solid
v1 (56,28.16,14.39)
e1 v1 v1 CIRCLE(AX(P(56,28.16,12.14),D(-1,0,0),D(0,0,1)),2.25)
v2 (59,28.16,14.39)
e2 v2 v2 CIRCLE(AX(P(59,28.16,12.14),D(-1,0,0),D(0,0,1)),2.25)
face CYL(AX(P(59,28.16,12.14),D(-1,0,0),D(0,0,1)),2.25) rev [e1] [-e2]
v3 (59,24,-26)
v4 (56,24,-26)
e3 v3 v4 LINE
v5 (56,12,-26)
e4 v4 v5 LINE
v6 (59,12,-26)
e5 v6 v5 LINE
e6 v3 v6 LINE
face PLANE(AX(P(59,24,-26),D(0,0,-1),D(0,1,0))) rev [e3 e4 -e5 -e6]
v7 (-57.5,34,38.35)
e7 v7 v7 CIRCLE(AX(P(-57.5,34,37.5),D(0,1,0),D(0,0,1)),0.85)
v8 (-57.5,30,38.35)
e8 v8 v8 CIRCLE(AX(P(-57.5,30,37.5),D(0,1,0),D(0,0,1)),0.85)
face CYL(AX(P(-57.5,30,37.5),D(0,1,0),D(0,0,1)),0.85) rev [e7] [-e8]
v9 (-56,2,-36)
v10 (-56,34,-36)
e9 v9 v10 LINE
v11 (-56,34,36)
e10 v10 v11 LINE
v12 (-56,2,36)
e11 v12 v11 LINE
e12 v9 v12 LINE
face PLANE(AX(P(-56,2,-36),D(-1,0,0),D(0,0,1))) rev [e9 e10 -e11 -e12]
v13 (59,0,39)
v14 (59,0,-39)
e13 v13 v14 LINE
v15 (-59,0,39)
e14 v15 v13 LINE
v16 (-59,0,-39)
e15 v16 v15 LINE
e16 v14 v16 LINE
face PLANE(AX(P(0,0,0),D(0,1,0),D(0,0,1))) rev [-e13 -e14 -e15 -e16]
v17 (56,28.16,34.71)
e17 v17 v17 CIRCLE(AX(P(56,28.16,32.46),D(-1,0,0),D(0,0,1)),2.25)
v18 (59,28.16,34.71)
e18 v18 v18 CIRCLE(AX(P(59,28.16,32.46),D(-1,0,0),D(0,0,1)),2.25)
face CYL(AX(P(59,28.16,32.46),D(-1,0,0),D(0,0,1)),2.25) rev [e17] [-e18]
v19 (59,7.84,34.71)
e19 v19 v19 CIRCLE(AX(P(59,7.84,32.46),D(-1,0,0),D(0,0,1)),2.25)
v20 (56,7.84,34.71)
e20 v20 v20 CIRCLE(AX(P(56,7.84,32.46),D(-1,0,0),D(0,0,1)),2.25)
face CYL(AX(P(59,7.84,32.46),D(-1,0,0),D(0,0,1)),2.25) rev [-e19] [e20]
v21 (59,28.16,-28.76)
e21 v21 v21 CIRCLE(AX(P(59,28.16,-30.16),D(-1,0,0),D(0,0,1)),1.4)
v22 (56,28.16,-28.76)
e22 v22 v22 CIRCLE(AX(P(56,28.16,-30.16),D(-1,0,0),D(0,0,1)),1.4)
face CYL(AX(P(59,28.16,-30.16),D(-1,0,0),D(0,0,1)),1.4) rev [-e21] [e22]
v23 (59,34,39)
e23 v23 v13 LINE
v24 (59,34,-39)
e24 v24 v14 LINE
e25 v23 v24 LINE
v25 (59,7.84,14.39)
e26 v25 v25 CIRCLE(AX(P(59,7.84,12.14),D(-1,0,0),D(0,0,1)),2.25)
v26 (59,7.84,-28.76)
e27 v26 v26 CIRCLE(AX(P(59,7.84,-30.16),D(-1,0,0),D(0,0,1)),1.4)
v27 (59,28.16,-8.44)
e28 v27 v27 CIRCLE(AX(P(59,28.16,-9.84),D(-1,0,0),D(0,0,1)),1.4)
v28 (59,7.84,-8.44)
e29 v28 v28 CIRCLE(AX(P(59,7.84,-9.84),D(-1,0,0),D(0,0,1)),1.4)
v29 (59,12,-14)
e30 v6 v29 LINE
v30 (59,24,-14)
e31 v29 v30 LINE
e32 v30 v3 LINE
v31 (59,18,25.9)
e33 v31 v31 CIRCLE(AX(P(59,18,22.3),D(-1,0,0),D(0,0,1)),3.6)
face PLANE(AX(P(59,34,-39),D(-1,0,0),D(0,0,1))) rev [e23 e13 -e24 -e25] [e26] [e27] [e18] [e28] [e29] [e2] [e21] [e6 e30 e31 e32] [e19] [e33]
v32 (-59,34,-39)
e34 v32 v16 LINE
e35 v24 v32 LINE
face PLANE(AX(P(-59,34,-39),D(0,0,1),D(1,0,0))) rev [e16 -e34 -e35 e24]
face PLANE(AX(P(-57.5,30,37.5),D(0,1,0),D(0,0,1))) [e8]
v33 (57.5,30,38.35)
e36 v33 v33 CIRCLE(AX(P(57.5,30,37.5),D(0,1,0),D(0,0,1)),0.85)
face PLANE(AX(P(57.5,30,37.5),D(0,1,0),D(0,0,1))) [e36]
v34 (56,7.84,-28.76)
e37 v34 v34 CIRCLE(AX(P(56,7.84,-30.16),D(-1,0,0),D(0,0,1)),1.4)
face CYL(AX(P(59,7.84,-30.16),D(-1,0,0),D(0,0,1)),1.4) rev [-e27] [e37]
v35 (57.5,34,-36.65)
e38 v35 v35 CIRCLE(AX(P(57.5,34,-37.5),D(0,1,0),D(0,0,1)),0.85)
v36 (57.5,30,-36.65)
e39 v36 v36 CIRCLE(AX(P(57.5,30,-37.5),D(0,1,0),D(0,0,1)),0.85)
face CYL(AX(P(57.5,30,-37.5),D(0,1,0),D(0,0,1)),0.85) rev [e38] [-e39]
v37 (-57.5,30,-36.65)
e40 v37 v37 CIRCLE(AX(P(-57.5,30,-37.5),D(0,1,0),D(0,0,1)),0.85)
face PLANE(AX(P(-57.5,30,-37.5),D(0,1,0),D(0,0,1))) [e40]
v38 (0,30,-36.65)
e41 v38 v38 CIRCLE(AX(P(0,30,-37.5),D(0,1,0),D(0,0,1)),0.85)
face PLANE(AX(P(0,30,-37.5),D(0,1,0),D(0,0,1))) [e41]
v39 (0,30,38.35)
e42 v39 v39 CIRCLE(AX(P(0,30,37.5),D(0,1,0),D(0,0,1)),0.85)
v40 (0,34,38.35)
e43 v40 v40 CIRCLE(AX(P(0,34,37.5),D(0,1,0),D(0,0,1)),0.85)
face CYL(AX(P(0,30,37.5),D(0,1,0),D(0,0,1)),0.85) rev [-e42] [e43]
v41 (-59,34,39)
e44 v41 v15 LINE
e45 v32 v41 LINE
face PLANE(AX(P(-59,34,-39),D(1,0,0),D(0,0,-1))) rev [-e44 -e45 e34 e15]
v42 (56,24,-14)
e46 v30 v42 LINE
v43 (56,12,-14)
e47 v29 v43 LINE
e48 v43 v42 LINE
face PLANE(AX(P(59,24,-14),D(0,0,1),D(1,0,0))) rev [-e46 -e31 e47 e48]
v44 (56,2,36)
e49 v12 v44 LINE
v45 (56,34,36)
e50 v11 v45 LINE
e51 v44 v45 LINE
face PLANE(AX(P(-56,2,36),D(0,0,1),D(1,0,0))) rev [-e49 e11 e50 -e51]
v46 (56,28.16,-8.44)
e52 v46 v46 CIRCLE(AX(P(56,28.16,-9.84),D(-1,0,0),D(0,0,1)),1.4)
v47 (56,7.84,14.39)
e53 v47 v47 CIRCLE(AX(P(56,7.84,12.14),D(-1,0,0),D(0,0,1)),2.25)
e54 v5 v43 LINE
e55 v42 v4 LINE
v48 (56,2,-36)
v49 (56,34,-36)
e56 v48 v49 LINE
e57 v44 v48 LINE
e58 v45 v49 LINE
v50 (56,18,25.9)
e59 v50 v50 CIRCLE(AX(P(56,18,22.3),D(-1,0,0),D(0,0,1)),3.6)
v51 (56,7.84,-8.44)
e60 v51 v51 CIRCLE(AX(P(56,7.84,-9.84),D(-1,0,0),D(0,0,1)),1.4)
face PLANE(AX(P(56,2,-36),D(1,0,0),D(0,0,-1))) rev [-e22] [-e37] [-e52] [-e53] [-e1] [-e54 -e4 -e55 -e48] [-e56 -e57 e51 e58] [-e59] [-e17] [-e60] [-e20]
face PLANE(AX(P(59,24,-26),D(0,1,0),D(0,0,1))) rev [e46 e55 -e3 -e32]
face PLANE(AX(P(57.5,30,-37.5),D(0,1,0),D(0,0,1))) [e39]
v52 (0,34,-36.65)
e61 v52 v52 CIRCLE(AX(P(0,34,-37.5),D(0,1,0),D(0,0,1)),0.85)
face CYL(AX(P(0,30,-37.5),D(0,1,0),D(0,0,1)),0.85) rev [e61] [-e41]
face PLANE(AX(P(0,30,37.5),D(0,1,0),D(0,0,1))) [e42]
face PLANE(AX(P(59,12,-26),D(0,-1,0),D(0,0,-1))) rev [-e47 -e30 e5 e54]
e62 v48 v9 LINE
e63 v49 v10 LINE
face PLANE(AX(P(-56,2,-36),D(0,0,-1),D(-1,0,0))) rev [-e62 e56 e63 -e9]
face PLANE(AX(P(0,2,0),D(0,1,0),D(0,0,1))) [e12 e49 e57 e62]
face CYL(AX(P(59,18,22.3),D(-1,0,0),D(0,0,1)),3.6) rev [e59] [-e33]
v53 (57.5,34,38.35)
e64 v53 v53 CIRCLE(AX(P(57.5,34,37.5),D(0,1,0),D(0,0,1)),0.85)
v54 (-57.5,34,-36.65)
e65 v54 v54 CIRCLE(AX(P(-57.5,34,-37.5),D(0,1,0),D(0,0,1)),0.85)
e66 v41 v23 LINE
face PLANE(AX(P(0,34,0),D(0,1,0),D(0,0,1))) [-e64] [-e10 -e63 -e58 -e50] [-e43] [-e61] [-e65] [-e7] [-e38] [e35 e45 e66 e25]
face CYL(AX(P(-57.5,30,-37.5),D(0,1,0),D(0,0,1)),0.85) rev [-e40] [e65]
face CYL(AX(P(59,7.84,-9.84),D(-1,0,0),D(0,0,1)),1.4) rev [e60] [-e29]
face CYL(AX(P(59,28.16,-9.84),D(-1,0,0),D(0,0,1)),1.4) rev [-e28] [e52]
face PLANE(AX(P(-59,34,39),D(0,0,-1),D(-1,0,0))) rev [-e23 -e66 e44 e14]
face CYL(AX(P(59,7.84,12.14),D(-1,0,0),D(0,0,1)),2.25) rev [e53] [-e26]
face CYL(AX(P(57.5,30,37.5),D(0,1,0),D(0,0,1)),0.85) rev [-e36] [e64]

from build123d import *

# Parameters (mm, degrees)
SKETCH1_W           = 118
SKETCH1_H           = 78
MAIN_BOX_UP_DEPTH   = 34
SKETCH2_W           = 112
SKETCH2_H           = 72
MAIN_BOX_INTO_DEPTH = 32
SKETCH4_R           = 1.4
SKETCH4_W           = 12
SKETCH4_H           = 12
GPS_DEPTH           = 3
SKETCH5_R           = 2.25
SKETCH5_R_2         = 3.6
CUT_EXTRUDE3_DEPTH  = 3
SKETCH6_R           = 0.85
CUT_EXTRUDE4_DEPTH  = 4


with BuildPart() as part:
    # Sketch1 → Main Box Up (new body)
    with BuildSketch(Plane(origin=(0, 0, 0), x_dir=(1, 0, 0), z_dir=(0, 1, 0))):
        Rectangle(SKETCH1_W, SKETCH1_H)
    extrude(amount=MAIN_BOX_UP_DEPTH)

    # Sketch2 → Main Box Into (cut)
    with BuildSketch(Plane(origin=(0, 34, 0), x_dir=(1, 0, 0), z_dir=(0, 1, 0))):
        Rectangle(SKETCH2_W, SKETCH2_H)
    extrude(amount=-MAIN_BOX_INTO_DEPTH, mode=Mode.SUBTRACT)

    # Sketch4 → GPS (cut)
    with BuildSketch(Plane.ZY.offset(-56)):
        with Locations((-30.16, 28.16)):
            Circle(SKETCH4_R)
        with Locations((-9.84, 28.16)):
            Circle(SKETCH4_R)
        with Locations((-30.16, 7.84)):
            Circle(SKETCH4_R)
        with Locations((-9.84, 7.84)):
            Circle(SKETCH4_R)
        with Locations((-20, 18)):
            Rectangle(SKETCH4_W, SKETCH4_H)
    extrude(amount=-GPS_DEPTH, mode=Mode.SUBTRACT)

    # Sketch5 → Cut-Extrude3 (cut)
    with BuildSketch(Plane.ZY.offset(-56)):
        with Locations((12.14, 28.16)):
            Circle(SKETCH5_R)
        with Locations((32.46, 28.16)):
            Circle(SKETCH5_R)
        with Locations((12.14, 7.84)):
            Circle(SKETCH5_R)
        with Locations((32.46, 7.84)):
            Circle(SKETCH5_R)
        with Locations((22.3, 18)):
            Circle(SKETCH5_R_2)
    extrude(amount=-CUT_EXTRUDE3_DEPTH, mode=Mode.SUBTRACT)

    # Sketch6 → Cut-Extrude4 (cut)
    with BuildSketch(Plane(origin=(0, 34, 0), x_dir=(1, 0, 0), z_dir=(0, 1, 0))):
        with Locations(Location((-57.5, 37.5, 0), (0, 0, 270))):
            Circle(SKETCH6_R)
        with Locations(Location((-57.5, -37.5, 0), (0, 0, 270))):
            Circle(SKETCH6_R)
        with Locations(Location((57.5, -37.5, 0), (0, 0, 270))):
            Circle(SKETCH6_R)
        with Locations(Location((57.5, 37.5, 0), (0, 0, 270))):
            Circle(SKETCH6_R)
        with Locations(Location((0, 37.5, 0), (0, 0, 270))):
            Circle(SKETCH6_R)
        with Locations(Location((0, -37.5, 0), (0, 0, 270))):
            Circle(SKETCH6_R)
    extrude(amount=-CUT_EXTRUDE4_DEPTH, mode=Mode.SUBTRACT)


solid = part.part
